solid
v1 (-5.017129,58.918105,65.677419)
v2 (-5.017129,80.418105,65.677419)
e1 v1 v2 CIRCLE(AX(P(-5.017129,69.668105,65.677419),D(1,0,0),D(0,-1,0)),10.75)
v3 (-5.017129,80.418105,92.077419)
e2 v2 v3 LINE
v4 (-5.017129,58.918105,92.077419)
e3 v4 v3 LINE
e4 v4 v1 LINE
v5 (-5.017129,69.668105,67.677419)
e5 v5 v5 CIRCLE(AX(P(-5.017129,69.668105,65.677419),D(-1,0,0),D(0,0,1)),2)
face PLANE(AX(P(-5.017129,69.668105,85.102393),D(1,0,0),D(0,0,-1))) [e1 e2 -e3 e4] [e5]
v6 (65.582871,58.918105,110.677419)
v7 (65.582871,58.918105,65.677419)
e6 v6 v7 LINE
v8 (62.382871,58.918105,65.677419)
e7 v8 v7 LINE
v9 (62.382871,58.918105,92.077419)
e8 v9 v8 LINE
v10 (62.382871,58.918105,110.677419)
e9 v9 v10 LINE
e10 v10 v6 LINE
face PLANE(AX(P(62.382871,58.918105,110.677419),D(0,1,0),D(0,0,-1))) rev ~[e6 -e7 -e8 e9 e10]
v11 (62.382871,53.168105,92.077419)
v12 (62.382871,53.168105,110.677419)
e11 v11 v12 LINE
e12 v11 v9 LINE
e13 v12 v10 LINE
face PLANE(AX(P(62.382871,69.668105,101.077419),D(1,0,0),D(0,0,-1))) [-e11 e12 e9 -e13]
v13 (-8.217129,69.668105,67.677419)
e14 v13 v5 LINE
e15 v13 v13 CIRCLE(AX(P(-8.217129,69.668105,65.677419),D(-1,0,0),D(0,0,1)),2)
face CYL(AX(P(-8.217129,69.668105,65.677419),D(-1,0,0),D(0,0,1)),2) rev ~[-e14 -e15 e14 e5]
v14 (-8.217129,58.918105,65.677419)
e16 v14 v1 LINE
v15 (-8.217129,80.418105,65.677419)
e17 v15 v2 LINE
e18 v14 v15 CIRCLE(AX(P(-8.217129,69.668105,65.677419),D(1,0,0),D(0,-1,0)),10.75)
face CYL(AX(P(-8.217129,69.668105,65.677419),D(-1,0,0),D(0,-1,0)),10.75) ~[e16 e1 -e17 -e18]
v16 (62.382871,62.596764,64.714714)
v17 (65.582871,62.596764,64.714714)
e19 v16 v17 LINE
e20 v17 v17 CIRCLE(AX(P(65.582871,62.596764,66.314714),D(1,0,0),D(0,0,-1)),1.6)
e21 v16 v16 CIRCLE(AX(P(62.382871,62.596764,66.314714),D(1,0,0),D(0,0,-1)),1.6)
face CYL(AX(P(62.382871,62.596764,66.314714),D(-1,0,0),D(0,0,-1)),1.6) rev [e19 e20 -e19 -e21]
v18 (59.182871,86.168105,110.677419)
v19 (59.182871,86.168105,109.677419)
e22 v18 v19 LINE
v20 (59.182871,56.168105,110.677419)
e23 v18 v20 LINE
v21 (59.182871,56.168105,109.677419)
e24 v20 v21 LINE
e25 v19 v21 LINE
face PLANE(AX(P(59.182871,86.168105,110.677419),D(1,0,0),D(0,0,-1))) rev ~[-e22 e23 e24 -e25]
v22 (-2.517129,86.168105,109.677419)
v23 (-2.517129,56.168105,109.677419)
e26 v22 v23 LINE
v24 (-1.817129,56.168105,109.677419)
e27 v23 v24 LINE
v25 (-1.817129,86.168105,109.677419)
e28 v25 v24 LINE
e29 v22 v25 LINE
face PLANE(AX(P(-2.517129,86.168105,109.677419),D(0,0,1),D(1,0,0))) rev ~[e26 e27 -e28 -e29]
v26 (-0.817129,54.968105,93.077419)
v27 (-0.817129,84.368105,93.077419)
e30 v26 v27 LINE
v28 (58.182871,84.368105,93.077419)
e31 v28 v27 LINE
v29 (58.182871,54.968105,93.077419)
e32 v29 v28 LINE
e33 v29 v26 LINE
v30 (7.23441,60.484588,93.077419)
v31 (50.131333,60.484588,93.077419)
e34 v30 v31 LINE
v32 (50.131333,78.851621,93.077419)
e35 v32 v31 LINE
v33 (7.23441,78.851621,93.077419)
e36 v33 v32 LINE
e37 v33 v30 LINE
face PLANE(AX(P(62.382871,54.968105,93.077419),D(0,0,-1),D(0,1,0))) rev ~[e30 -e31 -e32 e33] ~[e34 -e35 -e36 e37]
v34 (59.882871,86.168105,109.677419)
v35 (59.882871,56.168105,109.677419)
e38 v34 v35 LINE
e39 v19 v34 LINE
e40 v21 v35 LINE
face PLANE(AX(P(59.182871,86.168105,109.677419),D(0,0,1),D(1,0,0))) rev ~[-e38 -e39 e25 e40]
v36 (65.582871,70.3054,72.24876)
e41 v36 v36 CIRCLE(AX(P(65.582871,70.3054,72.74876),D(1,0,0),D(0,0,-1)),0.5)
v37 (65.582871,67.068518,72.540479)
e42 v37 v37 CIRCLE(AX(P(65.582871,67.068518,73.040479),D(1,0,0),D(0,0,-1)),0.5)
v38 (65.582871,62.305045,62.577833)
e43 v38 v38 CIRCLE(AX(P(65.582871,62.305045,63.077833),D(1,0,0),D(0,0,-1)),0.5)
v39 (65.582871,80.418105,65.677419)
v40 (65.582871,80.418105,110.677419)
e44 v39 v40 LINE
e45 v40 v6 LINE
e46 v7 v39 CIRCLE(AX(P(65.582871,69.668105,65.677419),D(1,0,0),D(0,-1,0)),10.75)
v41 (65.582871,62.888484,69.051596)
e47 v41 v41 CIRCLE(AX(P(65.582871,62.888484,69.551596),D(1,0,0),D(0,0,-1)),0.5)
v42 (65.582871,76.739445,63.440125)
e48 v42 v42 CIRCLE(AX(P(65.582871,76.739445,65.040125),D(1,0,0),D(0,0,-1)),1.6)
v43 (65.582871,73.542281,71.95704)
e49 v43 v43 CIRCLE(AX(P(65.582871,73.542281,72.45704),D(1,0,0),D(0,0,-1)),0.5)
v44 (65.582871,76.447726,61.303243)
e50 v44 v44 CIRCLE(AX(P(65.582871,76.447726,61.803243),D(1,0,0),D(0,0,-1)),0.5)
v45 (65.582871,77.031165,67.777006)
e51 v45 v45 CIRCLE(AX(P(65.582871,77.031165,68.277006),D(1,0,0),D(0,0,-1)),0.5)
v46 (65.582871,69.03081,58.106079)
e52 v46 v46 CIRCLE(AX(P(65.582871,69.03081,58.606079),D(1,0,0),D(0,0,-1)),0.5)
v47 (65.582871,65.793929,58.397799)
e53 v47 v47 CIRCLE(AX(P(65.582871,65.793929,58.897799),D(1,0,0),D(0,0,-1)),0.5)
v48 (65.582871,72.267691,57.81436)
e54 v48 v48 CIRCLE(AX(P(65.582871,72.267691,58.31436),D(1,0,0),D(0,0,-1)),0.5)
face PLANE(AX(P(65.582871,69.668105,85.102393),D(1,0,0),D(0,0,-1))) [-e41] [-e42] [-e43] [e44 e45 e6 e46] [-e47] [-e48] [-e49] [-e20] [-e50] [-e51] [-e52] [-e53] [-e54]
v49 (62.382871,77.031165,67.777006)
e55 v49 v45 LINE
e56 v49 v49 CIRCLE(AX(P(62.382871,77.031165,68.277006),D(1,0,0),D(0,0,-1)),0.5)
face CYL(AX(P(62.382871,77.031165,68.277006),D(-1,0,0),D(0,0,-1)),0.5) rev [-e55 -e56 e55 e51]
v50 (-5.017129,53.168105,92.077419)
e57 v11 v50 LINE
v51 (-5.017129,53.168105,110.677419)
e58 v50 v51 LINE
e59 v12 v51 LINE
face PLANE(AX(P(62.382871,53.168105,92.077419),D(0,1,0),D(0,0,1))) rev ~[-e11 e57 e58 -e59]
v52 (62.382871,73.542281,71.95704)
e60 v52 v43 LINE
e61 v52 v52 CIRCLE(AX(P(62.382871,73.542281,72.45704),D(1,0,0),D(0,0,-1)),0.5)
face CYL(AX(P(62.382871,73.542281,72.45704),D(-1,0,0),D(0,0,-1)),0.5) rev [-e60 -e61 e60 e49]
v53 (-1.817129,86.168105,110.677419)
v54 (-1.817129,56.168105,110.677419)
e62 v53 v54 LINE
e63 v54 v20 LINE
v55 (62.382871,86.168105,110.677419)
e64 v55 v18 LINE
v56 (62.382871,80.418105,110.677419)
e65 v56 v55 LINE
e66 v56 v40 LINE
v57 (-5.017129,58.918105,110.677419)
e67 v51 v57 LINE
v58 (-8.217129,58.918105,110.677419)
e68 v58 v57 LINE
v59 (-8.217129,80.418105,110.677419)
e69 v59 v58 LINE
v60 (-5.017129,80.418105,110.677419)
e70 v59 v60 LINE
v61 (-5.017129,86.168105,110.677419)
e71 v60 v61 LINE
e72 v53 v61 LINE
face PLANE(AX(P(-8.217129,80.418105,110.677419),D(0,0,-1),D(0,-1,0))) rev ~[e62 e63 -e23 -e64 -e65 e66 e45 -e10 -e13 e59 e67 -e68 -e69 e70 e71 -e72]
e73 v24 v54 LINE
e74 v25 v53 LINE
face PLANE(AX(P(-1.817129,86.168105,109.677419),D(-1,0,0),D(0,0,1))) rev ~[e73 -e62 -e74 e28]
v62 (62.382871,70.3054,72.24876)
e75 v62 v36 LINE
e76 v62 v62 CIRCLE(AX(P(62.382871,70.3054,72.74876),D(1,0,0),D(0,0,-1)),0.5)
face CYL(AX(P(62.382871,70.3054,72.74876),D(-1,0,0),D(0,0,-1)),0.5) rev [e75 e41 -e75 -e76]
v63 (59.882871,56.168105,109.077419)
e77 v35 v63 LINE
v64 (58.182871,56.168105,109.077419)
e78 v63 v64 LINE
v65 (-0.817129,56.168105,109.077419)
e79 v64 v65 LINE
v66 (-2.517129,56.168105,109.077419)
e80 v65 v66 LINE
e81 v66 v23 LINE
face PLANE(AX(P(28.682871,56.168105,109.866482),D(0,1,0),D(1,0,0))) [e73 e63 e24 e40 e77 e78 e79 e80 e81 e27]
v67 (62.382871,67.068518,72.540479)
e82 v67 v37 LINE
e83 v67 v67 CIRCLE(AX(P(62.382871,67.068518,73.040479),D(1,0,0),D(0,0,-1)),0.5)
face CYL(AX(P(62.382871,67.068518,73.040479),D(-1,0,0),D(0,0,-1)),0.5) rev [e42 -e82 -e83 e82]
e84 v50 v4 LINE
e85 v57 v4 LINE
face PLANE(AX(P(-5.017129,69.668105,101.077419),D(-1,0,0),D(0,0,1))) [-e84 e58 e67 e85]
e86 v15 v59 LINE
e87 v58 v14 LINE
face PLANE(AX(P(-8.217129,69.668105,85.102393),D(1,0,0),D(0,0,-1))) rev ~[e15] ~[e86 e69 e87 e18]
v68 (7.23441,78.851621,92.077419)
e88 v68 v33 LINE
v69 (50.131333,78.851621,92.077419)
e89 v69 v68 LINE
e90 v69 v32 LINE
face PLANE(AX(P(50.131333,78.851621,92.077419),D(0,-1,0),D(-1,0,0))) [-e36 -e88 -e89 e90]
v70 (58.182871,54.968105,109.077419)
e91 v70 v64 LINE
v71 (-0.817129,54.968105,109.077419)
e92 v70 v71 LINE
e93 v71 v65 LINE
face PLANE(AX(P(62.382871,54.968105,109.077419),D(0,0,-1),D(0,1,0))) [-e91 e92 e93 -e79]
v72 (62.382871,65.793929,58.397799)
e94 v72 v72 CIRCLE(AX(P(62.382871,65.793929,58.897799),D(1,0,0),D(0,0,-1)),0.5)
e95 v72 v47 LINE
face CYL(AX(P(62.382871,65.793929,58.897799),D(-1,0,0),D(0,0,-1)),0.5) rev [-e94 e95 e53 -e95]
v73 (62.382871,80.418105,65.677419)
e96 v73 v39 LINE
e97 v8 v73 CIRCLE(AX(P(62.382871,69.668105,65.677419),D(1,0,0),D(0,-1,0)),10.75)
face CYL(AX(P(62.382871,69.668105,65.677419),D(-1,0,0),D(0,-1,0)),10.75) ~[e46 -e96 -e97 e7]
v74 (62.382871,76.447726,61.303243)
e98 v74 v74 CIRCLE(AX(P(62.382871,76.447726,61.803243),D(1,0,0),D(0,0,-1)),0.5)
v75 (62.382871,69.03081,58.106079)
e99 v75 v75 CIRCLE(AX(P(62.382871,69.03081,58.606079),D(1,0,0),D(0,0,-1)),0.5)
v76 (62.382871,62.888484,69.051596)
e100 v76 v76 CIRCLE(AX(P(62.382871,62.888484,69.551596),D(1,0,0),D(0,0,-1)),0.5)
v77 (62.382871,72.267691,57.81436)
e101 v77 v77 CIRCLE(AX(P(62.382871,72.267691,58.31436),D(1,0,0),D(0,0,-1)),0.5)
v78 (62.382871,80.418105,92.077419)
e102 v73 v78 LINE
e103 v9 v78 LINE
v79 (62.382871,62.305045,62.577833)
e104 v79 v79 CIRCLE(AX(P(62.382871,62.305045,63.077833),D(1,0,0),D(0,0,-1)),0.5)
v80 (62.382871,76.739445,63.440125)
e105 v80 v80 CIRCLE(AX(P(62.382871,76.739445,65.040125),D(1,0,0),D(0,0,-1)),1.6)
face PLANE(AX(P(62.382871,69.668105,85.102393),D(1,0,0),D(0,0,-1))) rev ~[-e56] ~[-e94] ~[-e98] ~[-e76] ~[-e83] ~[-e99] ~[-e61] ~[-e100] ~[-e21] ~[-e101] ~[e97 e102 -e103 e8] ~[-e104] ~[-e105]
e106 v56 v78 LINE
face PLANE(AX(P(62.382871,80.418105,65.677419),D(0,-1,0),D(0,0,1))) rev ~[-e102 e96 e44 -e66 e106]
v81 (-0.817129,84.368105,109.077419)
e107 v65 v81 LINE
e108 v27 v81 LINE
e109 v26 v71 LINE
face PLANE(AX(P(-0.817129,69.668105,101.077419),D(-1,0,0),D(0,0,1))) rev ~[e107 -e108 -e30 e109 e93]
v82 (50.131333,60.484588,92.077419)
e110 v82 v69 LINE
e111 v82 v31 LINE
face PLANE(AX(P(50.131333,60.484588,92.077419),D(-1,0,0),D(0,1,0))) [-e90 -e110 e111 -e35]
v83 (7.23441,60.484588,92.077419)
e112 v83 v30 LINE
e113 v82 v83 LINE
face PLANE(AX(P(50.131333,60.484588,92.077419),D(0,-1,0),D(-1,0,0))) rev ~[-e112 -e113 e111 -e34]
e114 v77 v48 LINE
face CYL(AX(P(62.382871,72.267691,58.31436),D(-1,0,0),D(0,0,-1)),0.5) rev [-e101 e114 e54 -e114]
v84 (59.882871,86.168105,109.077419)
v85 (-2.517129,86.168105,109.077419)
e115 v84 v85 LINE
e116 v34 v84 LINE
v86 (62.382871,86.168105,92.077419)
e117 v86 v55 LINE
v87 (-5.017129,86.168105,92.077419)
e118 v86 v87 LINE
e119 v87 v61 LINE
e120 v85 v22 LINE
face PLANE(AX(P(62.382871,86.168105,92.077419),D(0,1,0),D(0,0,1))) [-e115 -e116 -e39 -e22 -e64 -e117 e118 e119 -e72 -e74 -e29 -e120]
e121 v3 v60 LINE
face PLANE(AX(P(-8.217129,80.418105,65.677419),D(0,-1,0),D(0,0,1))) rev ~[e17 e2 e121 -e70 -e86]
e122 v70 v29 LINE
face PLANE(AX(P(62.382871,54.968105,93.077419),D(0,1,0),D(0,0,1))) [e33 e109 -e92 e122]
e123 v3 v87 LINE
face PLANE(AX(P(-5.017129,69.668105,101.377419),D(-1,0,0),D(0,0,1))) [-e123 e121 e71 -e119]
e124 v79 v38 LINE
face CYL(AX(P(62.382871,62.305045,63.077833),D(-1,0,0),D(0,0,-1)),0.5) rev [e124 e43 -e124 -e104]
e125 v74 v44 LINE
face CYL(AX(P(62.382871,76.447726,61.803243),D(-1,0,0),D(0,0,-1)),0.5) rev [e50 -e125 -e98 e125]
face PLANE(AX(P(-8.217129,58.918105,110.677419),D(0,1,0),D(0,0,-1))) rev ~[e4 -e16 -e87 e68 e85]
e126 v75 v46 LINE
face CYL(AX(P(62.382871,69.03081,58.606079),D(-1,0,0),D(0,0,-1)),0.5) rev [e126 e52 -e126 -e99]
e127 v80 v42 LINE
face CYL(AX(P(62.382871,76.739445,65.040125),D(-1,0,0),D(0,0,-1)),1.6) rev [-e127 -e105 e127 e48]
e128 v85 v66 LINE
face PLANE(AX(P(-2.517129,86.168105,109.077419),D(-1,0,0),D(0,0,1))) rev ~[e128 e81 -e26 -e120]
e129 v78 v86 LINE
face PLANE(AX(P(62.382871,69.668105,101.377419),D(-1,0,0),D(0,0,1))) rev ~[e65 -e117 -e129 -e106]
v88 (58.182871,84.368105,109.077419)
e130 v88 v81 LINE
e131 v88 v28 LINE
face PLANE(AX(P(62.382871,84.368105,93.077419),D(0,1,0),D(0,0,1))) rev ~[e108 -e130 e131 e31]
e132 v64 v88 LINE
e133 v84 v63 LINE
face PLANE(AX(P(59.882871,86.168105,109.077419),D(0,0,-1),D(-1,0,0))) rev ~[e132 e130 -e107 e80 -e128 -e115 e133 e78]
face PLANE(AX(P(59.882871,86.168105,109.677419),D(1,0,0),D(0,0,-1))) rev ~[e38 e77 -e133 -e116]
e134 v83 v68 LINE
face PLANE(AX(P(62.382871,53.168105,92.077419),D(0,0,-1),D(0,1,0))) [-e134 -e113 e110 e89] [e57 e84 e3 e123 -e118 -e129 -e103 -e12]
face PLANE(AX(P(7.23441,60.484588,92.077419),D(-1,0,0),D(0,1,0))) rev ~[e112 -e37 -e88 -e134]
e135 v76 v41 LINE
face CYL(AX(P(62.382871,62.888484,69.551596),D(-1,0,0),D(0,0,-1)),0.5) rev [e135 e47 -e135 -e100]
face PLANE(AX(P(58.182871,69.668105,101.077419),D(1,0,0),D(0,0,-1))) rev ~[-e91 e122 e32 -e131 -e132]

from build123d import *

# Parameters (mm, degrees)
SKETCH_2_R          = 1.6
SKETCH_2_R_2        = 0.5
BOSS_EXTRUDE1_DEPTH = 3.2
SKETCH1_W           = 18.6
SKETCH1_H           = 33
SKETCH1_W_2         = 16
SKETCH1_H_2         = 29.4
BOSS_EXTRUDE2_DEPTH = 67.4
CUT_EXTRUDE1_REACH  = 116.482
SKETCH2_W           = 42.896922538
SKETCH2_H           = 18.367032987
CUT_EXTRUDE2_REACH  = 123.795
SKETCH3_W           = 27
SKETCH3_H           = 17
BOSS_EXTRUDE3_START = 3.2
BOSS_EXTRUDE3_DEPTH = 3.2
SKETCH5_R           = 2
CUT_EXTRUDE3_DEPTH  = 10
SKETCH6_W           = 16
SKETCH6_H           = 29.4
BOSS_EXTRUDE4_DEPTH = 4.2
SKETCH7_W           = 16
SKETCH7_H           = 29.4
BOSS_EXTRUDE5_DEPTH = 4.2
CUT_EXTRUDE5_DEPTH  = 30


with BuildPart() as part:
    # 스케치2 → Boss-Extrude1 (new body)
    with BuildSketch(Plane(origin=(62.38287134, 0, 0), x_dir=(0, 0, -1), z_dir=(1, 0, 0))):
        with BuildLine():
            Line((-65.677419436, 80.41810471), (-110.677419436, 80.41810471))
            Line((-110.677419436, 80.41810471), (-110.677419436, 58.91810471))
            Line((-110.677419436, 58.91810471), (-65.677419436, 58.91810471))
            ThreePointArc((-65.677419436, 58.91810471), (-54.927419436, 69.66810471), (-65.677419436, 80.41810471))
        make_face()
        with Locations((-66.314714345, 62.596764299)):
            Circle(SKETCH_2_R, mode=Mode.SUBTRACT)
        with Locations((-61.803243354, 76.447725619)):
            Circle(SKETCH_2_R_2, mode=Mode.SUBTRACT)
        with Locations((-68.277005701, 77.03116462)):
            Circle(SKETCH_2_R_2, mode=Mode.SUBTRACT)
        with Locations((-72.457040346, 73.542280792)):
            Circle(SKETCH_2_R_2, mode=Mode.SUBTRACT)
        with Locations((-72.748759847, 70.305399618)):
            Circle(SKETCH_2_R_2, mode=Mode.SUBTRACT)
        with Locations((-73.040479347, 67.068518444)):
            Circle(SKETCH_2_R_2, mode=Mode.SUBTRACT)
        with Locations((-69.551595519, 62.8884838)):
            Circle(SKETCH_2_R_2, mode=Mode.SUBTRACT)
        with Locations((-63.077833171, 62.305044799)):
            Circle(SKETCH_2_R_2, mode=Mode.SUBTRACT)
        with Locations((-58.897798526, 65.793928627)):
            Circle(SKETCH_2_R_2, mode=Mode.SUBTRACT)
        with Locations((-58.606079026, 69.030809801)):
            Circle(SKETCH_2_R_2, mode=Mode.SUBTRACT)
        with Locations((-58.314359525, 72.267690975)):
            Circle(SKETCH_2_R_2, mode=Mode.SUBTRACT)
        with Locations((-65.040124528, 76.73944512)):
            Circle(SKETCH_2_R, mode=Mode.SUBTRACT)
    extrude(amount=BOSS_EXTRUDE1_DEPTH)

    # Sketch1 → Boss-Extrude2 (add)
    with BuildSketch(Plane.ZY.offset(-62.38287134)):
        with Locations((101.377419436, 69.66810471)):
            Rectangle(SKETCH1_W, SKETCH1_H)
        with Locations((101.077419436, 69.66810471)):
            Rectangle(SKETCH1_W_2, SKETCH1_H_2, mode=Mode.SUBTRACT)
    extrude(amount=BOSS_EXTRUDE2_DEPTH)

    # Sketch2 → Cut-Extrude1 (cut, up to next)
    with BuildSketch(Plane(origin=(0, 0, 92.077419436), x_dir=(-1, 0, 0), z_dir=(0, 0, -1)), mode=Mode.PRIVATE) as cut_extrude1_sk1:
        with Locations((-28.68287134, 69.668104709)):
            Rectangle(SKETCH2_W, SKETCH2_H)
    cut_extrude1_tool1 = extrude(cut_extrude1_sk1.sketch, amount=-CUT_EXTRUDE1_REACH, mode=Mode.PRIVATE) & part.part
    add(cut_extrude1_tool1.solids().sort_by_distance((28.682871, 69.668105, 92.077419))[0], mode=Mode.SUBTRACT)

    # Sketch3 → Cut-Extrude2 (cut, up to next)
    with BuildSketch(Plane.XY.offset(110.677419436), mode=Mode.PRIVATE) as cut_extrude2_sk1:
        with Locations((28.68287134, 69.66810471)):
            Rectangle(SKETCH3_W, SKETCH3_H)
    cut_extrude2_tool1 = extrude(cut_extrude2_sk1.sketch, amount=-CUT_EXTRUDE2_REACH, mode=Mode.PRIVATE) & part.part
    add(cut_extrude2_tool1.solids().sort_by_distance((28.682871, 69.668105, 110.677419))[0], mode=Mode.SUBTRACT)

    # Sketch4 → Boss-Extrude3 (add)
    with BuildSketch(Plane.ZY.offset(5.01712866).offset(BOSS_EXTRUDE3_START)):
        with BuildLine():
            Line((65.677419436, 80.41810471), (110.677419436, 80.41810471))
            Line((110.677419436, 80.41810471), (110.677419436, 58.91810471))
            Line((110.677419436, 58.91810471), (65.677419436, 58.91810471))
            ThreePointArc((65.677419436, 58.91810471), (54.927419436, 69.66810471), (65.677419436, 80.41810471))
        make_face()
    extrude(amount=-BOSS_EXTRUDE3_DEPTH)

    # Sketch5 → Cut-Extrude3 (cut)
    with BuildSketch(Plane.ZY.offset(8.21712866)):
        with Locations((65.677419436, 69.66810471)):
            Circle(SKETCH5_R)
    extrude(amount=-CUT_EXTRUDE3_DEPTH, mode=Mode.SUBTRACT)

    # Sketch6 → Boss-Extrude4 (add)
    with BuildSketch(Plane(origin=(62.38287134, 0, 0), x_dir=(0, 0, -1), z_dir=(1, 0, 0))):
        with Locations((-101.077419436, 69.66810471)):
            Rectangle(SKETCH6_W, SKETCH6_H)
    extrude(amount=-BOSS_EXTRUDE4_DEPTH)

    # Sketch7 → Boss-Extrude5 (add)
    with BuildSketch(Plane.ZY.offset(5.01712866)):
        with Locations((101.077419436, 69.66810471)):
            Rectangle(SKETCH7_W, SKETCH7_H)
    extrude(amount=-BOSS_EXTRUDE5_DEPTH)

    # Sketch10 → Cut-Extrude5 (cut)
    with BuildSketch(Plane(origin=(0, 86.16810471, 0), x_dir=(1, 0, 0), z_dir=(0, 1, 0))):
        Polygon((-1.81712866, -110.677419436), (59.18287134, -110.677419436), (59.18287134, -109.677419436), (59.88287134, -109.677419436), (59.88287134, -109.077419436), (-2.51712866, -109.077419436), (-2.51712866, -109.677419436), (-1.81712866, -109.677419436), align=None)
    extrude(amount=-CUT_EXTRUDE5_DEPTH, mode=Mode.SUBTRACT)


solid = part.part
